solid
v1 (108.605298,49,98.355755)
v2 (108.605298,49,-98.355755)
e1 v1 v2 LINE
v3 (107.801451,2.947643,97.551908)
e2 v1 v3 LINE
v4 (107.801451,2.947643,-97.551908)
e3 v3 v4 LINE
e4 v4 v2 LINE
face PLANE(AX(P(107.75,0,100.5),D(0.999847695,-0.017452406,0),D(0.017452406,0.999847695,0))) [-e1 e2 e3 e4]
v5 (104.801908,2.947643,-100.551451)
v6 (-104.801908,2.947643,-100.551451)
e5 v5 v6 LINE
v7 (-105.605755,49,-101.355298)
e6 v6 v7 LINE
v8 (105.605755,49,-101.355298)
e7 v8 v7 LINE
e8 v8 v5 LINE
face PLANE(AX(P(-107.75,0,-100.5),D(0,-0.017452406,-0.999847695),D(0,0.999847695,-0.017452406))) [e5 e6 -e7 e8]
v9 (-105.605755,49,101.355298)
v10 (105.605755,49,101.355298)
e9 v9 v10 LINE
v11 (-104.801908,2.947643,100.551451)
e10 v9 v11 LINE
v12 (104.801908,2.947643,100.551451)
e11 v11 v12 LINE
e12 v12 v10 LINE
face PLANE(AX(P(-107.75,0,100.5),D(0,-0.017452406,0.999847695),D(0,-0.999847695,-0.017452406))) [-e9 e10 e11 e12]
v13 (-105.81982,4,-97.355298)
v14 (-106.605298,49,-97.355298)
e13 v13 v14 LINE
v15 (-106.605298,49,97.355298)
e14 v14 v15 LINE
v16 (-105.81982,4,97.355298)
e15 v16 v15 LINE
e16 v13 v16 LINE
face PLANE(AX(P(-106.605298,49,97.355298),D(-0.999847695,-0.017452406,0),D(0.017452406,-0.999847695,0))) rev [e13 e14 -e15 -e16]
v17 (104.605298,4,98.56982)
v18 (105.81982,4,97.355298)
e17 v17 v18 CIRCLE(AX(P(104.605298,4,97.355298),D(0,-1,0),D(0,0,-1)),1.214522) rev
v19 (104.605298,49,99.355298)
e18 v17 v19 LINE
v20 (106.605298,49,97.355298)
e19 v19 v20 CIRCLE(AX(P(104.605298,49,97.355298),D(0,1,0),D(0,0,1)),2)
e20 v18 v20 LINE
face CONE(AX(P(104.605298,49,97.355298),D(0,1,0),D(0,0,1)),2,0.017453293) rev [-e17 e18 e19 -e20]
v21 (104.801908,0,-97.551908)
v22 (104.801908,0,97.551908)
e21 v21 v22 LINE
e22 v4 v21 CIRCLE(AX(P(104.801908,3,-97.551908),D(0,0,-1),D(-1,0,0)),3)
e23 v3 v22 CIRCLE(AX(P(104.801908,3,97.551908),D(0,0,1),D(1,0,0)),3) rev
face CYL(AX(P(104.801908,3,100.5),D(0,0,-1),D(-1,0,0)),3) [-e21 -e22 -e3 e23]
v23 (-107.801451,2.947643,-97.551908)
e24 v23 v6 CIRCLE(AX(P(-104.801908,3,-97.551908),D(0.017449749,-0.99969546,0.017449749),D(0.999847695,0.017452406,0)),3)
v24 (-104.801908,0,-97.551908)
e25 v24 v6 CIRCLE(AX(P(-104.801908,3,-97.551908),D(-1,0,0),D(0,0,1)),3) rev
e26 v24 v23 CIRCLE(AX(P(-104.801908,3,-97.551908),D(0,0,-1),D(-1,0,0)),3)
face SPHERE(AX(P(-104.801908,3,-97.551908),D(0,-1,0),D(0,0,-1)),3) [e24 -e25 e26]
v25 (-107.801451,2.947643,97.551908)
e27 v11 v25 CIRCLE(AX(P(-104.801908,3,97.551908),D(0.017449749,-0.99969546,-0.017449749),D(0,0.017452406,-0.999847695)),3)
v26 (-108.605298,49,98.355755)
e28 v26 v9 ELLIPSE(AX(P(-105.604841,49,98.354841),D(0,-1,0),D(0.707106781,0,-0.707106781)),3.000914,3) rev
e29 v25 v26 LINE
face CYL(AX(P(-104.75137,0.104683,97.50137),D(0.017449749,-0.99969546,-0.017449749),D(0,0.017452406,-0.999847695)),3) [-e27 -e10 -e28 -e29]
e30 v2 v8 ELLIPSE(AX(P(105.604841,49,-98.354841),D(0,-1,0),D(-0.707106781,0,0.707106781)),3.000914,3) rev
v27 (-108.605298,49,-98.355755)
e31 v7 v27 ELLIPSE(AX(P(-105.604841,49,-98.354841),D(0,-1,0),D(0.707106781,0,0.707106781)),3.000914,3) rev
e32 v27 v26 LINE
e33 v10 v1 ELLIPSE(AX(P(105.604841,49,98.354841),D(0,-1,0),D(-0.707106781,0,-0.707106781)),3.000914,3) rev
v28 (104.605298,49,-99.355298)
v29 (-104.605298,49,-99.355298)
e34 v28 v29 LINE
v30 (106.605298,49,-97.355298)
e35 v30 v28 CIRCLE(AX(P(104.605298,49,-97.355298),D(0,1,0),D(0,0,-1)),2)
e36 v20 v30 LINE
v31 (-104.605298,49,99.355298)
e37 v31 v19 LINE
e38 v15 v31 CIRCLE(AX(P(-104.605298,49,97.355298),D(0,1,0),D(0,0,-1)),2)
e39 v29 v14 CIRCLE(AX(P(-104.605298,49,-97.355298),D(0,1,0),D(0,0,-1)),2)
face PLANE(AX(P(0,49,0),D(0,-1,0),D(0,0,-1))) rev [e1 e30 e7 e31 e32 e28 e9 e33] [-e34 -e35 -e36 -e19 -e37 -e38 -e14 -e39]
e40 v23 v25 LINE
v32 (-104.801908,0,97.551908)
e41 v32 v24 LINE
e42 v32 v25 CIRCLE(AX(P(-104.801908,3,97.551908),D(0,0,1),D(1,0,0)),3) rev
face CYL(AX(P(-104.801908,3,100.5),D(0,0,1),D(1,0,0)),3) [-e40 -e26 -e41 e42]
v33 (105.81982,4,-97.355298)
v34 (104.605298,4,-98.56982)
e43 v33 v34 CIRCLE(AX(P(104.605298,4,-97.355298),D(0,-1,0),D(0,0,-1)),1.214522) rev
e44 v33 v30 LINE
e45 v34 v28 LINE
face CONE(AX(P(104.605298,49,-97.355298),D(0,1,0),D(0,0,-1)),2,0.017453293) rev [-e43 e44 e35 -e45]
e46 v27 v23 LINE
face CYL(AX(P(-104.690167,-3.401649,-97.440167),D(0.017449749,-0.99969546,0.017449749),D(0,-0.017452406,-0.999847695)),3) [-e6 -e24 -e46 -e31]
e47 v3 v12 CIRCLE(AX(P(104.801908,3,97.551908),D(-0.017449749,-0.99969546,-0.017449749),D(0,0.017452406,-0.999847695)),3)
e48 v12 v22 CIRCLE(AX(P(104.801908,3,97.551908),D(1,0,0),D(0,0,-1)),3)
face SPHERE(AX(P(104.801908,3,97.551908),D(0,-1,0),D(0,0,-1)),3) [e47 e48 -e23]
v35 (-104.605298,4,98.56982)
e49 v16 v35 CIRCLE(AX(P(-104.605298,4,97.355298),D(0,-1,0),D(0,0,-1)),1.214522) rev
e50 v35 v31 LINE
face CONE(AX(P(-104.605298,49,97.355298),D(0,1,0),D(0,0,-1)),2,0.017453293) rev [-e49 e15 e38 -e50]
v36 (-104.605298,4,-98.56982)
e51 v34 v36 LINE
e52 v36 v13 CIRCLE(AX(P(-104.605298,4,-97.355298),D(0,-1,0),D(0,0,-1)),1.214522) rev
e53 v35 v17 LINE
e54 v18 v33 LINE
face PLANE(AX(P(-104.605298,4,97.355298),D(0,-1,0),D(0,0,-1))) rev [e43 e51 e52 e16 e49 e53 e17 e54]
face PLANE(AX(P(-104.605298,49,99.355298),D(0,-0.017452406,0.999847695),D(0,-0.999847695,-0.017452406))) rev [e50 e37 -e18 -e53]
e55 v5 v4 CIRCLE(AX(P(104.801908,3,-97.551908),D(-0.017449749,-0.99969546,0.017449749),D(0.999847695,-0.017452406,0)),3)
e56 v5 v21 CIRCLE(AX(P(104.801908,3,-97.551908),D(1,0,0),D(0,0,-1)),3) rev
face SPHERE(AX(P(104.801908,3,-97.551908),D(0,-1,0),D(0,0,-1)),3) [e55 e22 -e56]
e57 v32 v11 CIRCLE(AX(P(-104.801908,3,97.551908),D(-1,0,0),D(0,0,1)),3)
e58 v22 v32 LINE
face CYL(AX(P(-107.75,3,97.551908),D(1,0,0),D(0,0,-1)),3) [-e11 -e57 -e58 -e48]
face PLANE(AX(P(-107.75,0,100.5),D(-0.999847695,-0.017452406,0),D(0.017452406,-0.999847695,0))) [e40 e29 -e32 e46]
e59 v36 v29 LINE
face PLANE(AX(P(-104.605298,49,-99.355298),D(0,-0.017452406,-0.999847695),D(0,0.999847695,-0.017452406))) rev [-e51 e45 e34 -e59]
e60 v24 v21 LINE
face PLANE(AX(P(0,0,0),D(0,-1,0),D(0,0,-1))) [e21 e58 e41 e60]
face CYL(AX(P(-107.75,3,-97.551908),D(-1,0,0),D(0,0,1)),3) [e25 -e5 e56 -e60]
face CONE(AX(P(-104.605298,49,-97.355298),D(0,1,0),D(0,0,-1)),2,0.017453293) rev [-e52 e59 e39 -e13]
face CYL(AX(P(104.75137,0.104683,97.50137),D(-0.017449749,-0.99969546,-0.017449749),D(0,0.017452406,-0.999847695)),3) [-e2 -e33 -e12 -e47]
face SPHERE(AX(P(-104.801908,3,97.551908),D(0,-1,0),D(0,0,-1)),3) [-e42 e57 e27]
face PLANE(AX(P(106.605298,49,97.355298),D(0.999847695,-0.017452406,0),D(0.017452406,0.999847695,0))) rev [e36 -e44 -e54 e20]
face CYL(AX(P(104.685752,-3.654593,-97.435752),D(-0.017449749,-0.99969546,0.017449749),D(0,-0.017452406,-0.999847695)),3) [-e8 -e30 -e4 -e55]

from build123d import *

# Parameters (mm, degrees)
SKETCH1_W           = 215.5
SKETCH1_H           = 201
BOSS_EXTRUDE1_DEPTH = 49
BOSS_EXTRUDE1_DRAFT = -1
FILLET1_R           = 3
CUT_EXTRUDE1_DEPTH  = 45
CUT_EXTRUDE1_DRAFT  = -1


with BuildPart() as part:
    # Sketch1 → Boss-Extrude1 (with draft: the straight prism first)
    with BuildSketch(Plane(origin=(0, 0, 0), x_dir=(1, 0, 0), z_dir=(0, 1, 0))):
        Rectangle(SKETCH1_W, SKETCH1_H)
    extrude(amount=BOSS_EXTRUDE1_DEPTH)
    # Boss-Extrude1: the draft: its side faces are tilted about the plane it starts from
    boss_extrude1_sides = [part.faces().sort_by_distance(p)[0] for p in [
        (0, 24.5, 100.5),
        (107.75, 24.5, 0),
        (0, 24.5, -100.5),
        (-107.75, 24.5, 0),
    ]]
    draft(boss_extrude1_sides, Plane(origin=(0, 0, 0), x_dir=(1, 0, 0), z_dir=(0, 1, 0)), BOSS_EXTRUDE1_DRAFT)

    # Fillet1
    fillet1_edges = [part.edges().sort_by_distance(p)[0] for p in [
        (0, 0, 100.5),
        (-107.75, 0, 0),
        (0, 0, -100.5),
        (107.75, 0, 0),
        (108.177649091, 24.5, 100.927649091),
        (-108.177649091, 24.5, 100.927649091),
        (-108.177649091, 24.5, -100.927649091),
        (108.177649091, 24.5, -100.927649091),
    ]]
    fillet(fillet1_edges, radius=FILLET1_R)


with BuildPart() as cut_extrude1_tool:
    # Sketch2 → Cut-Extrude1 (with draft: the straight prism first)
    with BuildSketch(Plane(origin=(0, 49, 0), x_dir=(1, 0, 0), z_dir=(0, 1, 0))):
        with BuildLine():
            Line((-104.605298181, -99.355298181), (104.605298181, -99.355298181))
            ThreePointArc((104.605298181, -99.355298181), (106.019511744, -98.769511744), (106.605298181, -97.355298181))
            Line((106.605298181, -97.355298181), (106.605298181, 97.355298181))
            ThreePointArc((106.605298181, 97.355298181), (106.019511744, 98.769511744), (104.605298181, 99.355298181))
            Line((104.605298181, 99.355298181), (-104.605298181, 99.355298181))
            ThreePointArc((-104.605298181, 99.355298181), (-106.019511744, 98.769511744), (-106.605298181, 97.355298181))
            Line((-106.605298181, 97.355298181), (-106.605298181, -97.355298181))
            ThreePointArc((-106.605298181, -97.355298181), (-106.019511744, -98.769511744), (-104.605298181, -99.355298181))
        make_face()
    extrude(amount=-CUT_EXTRUDE1_DEPTH)
    # Cut-Extrude1: the draft: its side faces are tilted about the plane it starts from
    cut_extrude1_sides = [cut_extrude1_tool.faces().sort_by_distance(p)[0] for p in [
        (0, 26.5, 99.355298181),
        (106.019511744, 26.5, 98.769511744),
        (106.605298181, 26.5, 0),
        (106.019511744, 26.5, -98.769511744),
        (0, 26.5, -99.355298181),
        (-106.019511744, 26.5, -98.769511744),
        (-106.605298181, 26.5, 0),
        (-106.019511744, 26.5, 98.769511744),
    ]]
    draft(cut_extrude1_sides, Plane(origin=(0, 49, 0), x_dir=(1, 0, 0), z_dir=(0, 1, 0)), CUT_EXTRUDE1_DRAFT)


with BuildPart() as part_1:
    add(part.part)

    # Cut-Extrude1: cut by cut_extrude1_tool
    add(cut_extrude1_tool.part, mode=Mode.SUBTRACT)


solid = part_1.part
